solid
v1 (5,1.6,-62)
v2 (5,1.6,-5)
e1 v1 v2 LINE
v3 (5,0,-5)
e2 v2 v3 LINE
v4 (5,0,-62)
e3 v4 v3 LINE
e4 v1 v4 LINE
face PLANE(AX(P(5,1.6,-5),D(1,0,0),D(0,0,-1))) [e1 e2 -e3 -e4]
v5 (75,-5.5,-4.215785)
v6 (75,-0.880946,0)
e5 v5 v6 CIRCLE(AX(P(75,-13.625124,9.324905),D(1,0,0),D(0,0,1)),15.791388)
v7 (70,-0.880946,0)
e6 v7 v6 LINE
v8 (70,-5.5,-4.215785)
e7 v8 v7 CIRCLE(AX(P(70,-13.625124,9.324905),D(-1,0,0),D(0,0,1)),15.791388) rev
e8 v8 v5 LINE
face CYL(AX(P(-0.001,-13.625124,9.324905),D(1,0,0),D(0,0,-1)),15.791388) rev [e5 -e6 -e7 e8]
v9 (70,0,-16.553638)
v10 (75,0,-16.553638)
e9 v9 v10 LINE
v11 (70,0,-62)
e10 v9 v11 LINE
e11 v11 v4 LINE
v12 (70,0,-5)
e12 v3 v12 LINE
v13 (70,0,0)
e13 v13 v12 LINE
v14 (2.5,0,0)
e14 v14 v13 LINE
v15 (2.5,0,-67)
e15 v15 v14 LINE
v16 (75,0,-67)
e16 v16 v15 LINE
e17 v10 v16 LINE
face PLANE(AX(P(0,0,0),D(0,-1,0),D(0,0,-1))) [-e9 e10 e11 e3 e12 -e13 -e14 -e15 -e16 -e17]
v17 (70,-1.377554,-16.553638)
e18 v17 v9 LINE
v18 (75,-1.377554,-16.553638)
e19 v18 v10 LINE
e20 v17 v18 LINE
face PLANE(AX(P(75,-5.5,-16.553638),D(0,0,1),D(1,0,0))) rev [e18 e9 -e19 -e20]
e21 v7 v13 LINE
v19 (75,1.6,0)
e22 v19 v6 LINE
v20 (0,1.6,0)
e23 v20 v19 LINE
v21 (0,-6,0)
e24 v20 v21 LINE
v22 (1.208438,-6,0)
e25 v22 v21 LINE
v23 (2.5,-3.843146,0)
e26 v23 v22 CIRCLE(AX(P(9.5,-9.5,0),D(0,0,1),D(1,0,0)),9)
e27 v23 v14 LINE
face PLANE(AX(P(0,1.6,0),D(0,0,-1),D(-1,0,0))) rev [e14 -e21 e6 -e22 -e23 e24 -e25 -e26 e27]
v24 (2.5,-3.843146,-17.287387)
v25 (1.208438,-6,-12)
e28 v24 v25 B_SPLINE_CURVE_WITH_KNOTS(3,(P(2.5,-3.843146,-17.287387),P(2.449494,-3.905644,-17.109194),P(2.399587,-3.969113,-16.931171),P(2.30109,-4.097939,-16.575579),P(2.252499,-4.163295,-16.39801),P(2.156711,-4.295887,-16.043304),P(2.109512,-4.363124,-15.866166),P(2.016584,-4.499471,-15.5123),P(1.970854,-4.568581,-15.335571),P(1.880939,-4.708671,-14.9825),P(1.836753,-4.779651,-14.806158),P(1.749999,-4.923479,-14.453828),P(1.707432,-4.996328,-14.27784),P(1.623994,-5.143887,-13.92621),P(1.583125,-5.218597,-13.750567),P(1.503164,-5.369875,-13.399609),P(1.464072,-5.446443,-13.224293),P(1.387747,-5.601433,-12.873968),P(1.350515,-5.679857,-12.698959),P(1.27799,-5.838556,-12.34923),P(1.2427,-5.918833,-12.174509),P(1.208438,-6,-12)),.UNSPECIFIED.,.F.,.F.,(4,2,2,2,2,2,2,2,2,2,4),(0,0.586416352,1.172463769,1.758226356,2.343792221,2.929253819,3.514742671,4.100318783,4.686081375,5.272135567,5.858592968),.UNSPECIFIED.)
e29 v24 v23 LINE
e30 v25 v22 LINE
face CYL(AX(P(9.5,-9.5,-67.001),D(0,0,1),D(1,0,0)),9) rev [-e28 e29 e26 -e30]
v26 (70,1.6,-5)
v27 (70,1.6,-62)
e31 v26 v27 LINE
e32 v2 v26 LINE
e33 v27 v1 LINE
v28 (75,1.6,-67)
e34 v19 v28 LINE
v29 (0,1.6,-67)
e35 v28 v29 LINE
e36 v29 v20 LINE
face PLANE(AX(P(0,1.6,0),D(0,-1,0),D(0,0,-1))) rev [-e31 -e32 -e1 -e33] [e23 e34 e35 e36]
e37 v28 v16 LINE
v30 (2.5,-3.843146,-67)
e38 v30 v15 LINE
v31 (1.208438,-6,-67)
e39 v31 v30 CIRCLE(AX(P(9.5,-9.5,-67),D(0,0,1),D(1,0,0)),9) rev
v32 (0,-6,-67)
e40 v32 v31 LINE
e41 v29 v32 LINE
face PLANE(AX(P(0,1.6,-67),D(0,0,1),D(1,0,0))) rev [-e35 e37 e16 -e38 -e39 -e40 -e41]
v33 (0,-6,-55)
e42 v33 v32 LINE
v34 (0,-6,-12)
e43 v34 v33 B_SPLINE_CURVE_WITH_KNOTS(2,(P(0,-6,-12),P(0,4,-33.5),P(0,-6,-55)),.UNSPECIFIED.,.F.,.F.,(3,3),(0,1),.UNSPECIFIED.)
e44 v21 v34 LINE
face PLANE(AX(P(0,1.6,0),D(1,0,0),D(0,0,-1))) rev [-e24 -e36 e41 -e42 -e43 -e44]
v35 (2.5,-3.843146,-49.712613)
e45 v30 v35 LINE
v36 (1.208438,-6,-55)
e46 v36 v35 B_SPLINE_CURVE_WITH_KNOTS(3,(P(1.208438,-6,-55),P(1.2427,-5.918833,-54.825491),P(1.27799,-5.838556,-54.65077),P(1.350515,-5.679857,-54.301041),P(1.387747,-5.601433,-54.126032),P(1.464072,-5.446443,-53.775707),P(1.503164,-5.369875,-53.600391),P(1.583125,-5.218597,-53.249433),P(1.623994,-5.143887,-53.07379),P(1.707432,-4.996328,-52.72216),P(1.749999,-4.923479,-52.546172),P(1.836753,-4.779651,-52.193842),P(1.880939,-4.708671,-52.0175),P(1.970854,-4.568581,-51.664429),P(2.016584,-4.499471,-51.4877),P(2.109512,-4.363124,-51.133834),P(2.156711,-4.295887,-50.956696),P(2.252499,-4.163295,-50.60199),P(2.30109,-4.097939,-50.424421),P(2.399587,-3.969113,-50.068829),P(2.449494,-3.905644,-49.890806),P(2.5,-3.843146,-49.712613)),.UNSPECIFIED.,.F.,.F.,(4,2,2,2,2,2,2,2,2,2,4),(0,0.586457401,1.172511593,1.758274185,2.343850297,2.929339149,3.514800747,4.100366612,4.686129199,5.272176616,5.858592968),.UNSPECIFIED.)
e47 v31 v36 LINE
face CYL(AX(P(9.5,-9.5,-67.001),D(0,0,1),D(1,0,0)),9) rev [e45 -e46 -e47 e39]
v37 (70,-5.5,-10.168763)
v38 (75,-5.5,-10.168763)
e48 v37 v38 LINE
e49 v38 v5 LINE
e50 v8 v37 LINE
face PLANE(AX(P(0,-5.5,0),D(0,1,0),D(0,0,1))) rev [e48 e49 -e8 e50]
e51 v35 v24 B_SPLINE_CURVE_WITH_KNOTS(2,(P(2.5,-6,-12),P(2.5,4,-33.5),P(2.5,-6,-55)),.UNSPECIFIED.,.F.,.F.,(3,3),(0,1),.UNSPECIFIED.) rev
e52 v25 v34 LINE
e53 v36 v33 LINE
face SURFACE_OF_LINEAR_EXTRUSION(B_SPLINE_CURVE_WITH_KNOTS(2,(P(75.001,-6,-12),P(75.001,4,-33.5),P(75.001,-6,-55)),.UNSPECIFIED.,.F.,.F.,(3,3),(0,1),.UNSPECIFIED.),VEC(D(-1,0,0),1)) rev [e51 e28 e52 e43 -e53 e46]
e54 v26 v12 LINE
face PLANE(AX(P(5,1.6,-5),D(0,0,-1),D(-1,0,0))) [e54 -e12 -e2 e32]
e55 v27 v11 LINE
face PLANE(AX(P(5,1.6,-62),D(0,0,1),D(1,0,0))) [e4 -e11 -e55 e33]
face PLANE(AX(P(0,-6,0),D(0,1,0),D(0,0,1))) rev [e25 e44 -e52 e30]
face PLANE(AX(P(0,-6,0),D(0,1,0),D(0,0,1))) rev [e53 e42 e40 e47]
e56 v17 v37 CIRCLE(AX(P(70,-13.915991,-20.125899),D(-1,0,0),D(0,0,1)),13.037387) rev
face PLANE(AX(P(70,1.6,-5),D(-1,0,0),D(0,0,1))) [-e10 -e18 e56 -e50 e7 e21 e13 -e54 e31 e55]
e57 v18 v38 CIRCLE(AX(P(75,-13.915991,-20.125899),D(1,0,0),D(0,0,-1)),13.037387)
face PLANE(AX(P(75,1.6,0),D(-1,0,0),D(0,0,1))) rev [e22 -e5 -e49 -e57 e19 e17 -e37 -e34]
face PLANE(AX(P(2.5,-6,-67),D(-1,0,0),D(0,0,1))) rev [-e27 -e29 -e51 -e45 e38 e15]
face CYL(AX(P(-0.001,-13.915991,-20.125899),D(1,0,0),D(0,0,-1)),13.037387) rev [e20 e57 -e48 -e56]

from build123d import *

# Parameters (mm, degrees)
SKETCH1_W           = 75
SKETCH1_H           = 67
SKETCH1_W_2         = 65
SKETCH1_H_2         = 57
BOSS_EXTRUDE1_DEPTH = 1.6
SKETCH2_W           = 5
SKETCH2_H           = 16.553638176
BOSS_EXTRUDE2_DEPTH = 5.5
SKETCH3_W           = 2.5
SKETCH3_H           = 67
BOSS_EXTRUDE3_DEPTH = 6
CUT_EXTRUDE1_REACH  = 102.747
CUT_EXTRUDE2_REACH  = 102.747
CUT_EXTRUDE3_REACH  = 102.747


with BuildPart() as part:
    # Sketch1 → Boss-Extrude1 (new body)
    with BuildSketch(Plane(origin=(0, 0, 0), x_dir=(1, 0, 0), z_dir=(0, 1, 0))):
        with Locations((37.5, 33.5)):
            Rectangle(SKETCH1_W, SKETCH1_H)
        with Locations((37.5, 33.5)):
            Rectangle(SKETCH1_W_2, SKETCH1_H_2, mode=Mode.SUBTRACT)
    extrude(amount=BOSS_EXTRUDE1_DEPTH)

    # Sketch2 → Boss-Extrude2 (add)
    with BuildSketch(Plane(origin=(0, 0, 0), x_dir=(-1, 0, 0), z_dir=(0, -1, 0))):
        with Locations((-72.5, 8.276819088)):
            Rectangle(SKETCH2_W, SKETCH2_H)
    extrude(amount=BOSS_EXTRUDE2_DEPTH)

    # Sketch3 → Boss-Extrude3 (add)
    with BuildSketch(Plane(origin=(0, 0, 0), x_dir=(-1, 0, 0), z_dir=(0, -1, 0))):
        with Locations((-1.25, 33.5)):
            Rectangle(SKETCH3_W, SKETCH3_H)
    extrude(amount=BOSS_EXTRUDE3_DEPTH)

    # Sketch4 → Cut-Extrude1 (cut, up to next)
    with BuildSketch(Plane.XY, mode=Mode.PRIVATE) as cut_extrude1_sk1:
        with BuildLine():
            Line((2.5, -3.843145751), (2.5, -6))
            Line((2.5, -6), (1.208438024, -6))
            ThreePointArc((1.208438024, -6), (1.778538223, -4.876253897), (2.5, -3.843145751))
        make_face()
    cut_extrude1_tool1 = extrude(cut_extrude1_sk1.sketch, amount=-CUT_EXTRUDE1_REACH, mode=Mode.PRIVATE) & part.part
    add(cut_extrude1_tool1.solids().sort_by_distance((2.045896, -5.244781, 0))[0], mode=Mode.SUBTRACT)

    # Sketch5 → Cut-Extrude2 (cut, up to next)
    with BuildSketch(Plane.ZY, mode=Mode.PRIVATE) as cut_extrude2_sk1:
        with BuildLine():
            Line((-12, -6), (-55, -6))
            add(Edge.make_bspline(
                [(-55, -6), (-33.5, 4), (-12, -6)],
                knots=[0, 0, 0, 1, 1, 1], degree=2))
        make_face()
    cut_extrude2_tool1 = extrude(cut_extrude2_sk1.sketch, amount=-CUT_EXTRUDE2_REACH, mode=Mode.PRIVATE) & part.part
    add(cut_extrude2_tool1.solids().sort_by_distance((0, -4, -33.5))[0], mode=Mode.SUBTRACT)

    # Sketch6 → Cut-Extrude3 (cut, up to next)
    with BuildSketch(Plane(origin=(75, 0, 0), x_dir=(0, 0, -1), z_dir=(1, 0, 0)), mode=Mode.PRIVATE) as cut_extrude3_sk1:
        with BuildLine():
            Line((16.553638176, -1.377553515), (16.553638176, -5.5))
            Line((16.553638176, -5.5), (10.16876266, -5.5))
            ThreePointArc((10.16876266, -5.5), (13.054139073, -2.963197882), (16.553638176, -1.377553515))
        make_face()
    cut_extrude3_tool1 = extrude(cut_extrude3_sk1.sketch, amount=-CUT_EXTRUDE3_REACH, mode=Mode.PRIVATE) & part.part
    # Sketch6 → Cut-Extrude3 (cut, up to next)
    with BuildSketch(Plane(origin=(75, 0, 0), x_dir=(0, 0, -1), z_dir=(1, 0, 0)), mode=Mode.PRIVATE) as cut_extrude3_sk2:
        with BuildLine():
            Line((4.215785495, -5.5), (0, -5.5))
            Line((0, -5.5), (0, -0.880945509))
            ThreePointArc((0, -0.880945509), (2.338832837, -2.979695012), (4.215785495, -5.5))
        make_face()
    cut_extrude3_tool2 = extrude(cut_extrude3_sk2.sketch, amount=-CUT_EXTRUDE3_REACH, mode=Mode.PRIVATE) & part.part
    add(cut_extrude3_tool1.solids().sort_by_distance((75, -3.96823, -14.212135))[0], mode=Mode.SUBTRACT)
    add(cut_extrude3_tool2.solids().sort_by_distance((75, -3.859275, -1.499307))[0], mode=Mode.SUBTRACT)


solid = part.part
